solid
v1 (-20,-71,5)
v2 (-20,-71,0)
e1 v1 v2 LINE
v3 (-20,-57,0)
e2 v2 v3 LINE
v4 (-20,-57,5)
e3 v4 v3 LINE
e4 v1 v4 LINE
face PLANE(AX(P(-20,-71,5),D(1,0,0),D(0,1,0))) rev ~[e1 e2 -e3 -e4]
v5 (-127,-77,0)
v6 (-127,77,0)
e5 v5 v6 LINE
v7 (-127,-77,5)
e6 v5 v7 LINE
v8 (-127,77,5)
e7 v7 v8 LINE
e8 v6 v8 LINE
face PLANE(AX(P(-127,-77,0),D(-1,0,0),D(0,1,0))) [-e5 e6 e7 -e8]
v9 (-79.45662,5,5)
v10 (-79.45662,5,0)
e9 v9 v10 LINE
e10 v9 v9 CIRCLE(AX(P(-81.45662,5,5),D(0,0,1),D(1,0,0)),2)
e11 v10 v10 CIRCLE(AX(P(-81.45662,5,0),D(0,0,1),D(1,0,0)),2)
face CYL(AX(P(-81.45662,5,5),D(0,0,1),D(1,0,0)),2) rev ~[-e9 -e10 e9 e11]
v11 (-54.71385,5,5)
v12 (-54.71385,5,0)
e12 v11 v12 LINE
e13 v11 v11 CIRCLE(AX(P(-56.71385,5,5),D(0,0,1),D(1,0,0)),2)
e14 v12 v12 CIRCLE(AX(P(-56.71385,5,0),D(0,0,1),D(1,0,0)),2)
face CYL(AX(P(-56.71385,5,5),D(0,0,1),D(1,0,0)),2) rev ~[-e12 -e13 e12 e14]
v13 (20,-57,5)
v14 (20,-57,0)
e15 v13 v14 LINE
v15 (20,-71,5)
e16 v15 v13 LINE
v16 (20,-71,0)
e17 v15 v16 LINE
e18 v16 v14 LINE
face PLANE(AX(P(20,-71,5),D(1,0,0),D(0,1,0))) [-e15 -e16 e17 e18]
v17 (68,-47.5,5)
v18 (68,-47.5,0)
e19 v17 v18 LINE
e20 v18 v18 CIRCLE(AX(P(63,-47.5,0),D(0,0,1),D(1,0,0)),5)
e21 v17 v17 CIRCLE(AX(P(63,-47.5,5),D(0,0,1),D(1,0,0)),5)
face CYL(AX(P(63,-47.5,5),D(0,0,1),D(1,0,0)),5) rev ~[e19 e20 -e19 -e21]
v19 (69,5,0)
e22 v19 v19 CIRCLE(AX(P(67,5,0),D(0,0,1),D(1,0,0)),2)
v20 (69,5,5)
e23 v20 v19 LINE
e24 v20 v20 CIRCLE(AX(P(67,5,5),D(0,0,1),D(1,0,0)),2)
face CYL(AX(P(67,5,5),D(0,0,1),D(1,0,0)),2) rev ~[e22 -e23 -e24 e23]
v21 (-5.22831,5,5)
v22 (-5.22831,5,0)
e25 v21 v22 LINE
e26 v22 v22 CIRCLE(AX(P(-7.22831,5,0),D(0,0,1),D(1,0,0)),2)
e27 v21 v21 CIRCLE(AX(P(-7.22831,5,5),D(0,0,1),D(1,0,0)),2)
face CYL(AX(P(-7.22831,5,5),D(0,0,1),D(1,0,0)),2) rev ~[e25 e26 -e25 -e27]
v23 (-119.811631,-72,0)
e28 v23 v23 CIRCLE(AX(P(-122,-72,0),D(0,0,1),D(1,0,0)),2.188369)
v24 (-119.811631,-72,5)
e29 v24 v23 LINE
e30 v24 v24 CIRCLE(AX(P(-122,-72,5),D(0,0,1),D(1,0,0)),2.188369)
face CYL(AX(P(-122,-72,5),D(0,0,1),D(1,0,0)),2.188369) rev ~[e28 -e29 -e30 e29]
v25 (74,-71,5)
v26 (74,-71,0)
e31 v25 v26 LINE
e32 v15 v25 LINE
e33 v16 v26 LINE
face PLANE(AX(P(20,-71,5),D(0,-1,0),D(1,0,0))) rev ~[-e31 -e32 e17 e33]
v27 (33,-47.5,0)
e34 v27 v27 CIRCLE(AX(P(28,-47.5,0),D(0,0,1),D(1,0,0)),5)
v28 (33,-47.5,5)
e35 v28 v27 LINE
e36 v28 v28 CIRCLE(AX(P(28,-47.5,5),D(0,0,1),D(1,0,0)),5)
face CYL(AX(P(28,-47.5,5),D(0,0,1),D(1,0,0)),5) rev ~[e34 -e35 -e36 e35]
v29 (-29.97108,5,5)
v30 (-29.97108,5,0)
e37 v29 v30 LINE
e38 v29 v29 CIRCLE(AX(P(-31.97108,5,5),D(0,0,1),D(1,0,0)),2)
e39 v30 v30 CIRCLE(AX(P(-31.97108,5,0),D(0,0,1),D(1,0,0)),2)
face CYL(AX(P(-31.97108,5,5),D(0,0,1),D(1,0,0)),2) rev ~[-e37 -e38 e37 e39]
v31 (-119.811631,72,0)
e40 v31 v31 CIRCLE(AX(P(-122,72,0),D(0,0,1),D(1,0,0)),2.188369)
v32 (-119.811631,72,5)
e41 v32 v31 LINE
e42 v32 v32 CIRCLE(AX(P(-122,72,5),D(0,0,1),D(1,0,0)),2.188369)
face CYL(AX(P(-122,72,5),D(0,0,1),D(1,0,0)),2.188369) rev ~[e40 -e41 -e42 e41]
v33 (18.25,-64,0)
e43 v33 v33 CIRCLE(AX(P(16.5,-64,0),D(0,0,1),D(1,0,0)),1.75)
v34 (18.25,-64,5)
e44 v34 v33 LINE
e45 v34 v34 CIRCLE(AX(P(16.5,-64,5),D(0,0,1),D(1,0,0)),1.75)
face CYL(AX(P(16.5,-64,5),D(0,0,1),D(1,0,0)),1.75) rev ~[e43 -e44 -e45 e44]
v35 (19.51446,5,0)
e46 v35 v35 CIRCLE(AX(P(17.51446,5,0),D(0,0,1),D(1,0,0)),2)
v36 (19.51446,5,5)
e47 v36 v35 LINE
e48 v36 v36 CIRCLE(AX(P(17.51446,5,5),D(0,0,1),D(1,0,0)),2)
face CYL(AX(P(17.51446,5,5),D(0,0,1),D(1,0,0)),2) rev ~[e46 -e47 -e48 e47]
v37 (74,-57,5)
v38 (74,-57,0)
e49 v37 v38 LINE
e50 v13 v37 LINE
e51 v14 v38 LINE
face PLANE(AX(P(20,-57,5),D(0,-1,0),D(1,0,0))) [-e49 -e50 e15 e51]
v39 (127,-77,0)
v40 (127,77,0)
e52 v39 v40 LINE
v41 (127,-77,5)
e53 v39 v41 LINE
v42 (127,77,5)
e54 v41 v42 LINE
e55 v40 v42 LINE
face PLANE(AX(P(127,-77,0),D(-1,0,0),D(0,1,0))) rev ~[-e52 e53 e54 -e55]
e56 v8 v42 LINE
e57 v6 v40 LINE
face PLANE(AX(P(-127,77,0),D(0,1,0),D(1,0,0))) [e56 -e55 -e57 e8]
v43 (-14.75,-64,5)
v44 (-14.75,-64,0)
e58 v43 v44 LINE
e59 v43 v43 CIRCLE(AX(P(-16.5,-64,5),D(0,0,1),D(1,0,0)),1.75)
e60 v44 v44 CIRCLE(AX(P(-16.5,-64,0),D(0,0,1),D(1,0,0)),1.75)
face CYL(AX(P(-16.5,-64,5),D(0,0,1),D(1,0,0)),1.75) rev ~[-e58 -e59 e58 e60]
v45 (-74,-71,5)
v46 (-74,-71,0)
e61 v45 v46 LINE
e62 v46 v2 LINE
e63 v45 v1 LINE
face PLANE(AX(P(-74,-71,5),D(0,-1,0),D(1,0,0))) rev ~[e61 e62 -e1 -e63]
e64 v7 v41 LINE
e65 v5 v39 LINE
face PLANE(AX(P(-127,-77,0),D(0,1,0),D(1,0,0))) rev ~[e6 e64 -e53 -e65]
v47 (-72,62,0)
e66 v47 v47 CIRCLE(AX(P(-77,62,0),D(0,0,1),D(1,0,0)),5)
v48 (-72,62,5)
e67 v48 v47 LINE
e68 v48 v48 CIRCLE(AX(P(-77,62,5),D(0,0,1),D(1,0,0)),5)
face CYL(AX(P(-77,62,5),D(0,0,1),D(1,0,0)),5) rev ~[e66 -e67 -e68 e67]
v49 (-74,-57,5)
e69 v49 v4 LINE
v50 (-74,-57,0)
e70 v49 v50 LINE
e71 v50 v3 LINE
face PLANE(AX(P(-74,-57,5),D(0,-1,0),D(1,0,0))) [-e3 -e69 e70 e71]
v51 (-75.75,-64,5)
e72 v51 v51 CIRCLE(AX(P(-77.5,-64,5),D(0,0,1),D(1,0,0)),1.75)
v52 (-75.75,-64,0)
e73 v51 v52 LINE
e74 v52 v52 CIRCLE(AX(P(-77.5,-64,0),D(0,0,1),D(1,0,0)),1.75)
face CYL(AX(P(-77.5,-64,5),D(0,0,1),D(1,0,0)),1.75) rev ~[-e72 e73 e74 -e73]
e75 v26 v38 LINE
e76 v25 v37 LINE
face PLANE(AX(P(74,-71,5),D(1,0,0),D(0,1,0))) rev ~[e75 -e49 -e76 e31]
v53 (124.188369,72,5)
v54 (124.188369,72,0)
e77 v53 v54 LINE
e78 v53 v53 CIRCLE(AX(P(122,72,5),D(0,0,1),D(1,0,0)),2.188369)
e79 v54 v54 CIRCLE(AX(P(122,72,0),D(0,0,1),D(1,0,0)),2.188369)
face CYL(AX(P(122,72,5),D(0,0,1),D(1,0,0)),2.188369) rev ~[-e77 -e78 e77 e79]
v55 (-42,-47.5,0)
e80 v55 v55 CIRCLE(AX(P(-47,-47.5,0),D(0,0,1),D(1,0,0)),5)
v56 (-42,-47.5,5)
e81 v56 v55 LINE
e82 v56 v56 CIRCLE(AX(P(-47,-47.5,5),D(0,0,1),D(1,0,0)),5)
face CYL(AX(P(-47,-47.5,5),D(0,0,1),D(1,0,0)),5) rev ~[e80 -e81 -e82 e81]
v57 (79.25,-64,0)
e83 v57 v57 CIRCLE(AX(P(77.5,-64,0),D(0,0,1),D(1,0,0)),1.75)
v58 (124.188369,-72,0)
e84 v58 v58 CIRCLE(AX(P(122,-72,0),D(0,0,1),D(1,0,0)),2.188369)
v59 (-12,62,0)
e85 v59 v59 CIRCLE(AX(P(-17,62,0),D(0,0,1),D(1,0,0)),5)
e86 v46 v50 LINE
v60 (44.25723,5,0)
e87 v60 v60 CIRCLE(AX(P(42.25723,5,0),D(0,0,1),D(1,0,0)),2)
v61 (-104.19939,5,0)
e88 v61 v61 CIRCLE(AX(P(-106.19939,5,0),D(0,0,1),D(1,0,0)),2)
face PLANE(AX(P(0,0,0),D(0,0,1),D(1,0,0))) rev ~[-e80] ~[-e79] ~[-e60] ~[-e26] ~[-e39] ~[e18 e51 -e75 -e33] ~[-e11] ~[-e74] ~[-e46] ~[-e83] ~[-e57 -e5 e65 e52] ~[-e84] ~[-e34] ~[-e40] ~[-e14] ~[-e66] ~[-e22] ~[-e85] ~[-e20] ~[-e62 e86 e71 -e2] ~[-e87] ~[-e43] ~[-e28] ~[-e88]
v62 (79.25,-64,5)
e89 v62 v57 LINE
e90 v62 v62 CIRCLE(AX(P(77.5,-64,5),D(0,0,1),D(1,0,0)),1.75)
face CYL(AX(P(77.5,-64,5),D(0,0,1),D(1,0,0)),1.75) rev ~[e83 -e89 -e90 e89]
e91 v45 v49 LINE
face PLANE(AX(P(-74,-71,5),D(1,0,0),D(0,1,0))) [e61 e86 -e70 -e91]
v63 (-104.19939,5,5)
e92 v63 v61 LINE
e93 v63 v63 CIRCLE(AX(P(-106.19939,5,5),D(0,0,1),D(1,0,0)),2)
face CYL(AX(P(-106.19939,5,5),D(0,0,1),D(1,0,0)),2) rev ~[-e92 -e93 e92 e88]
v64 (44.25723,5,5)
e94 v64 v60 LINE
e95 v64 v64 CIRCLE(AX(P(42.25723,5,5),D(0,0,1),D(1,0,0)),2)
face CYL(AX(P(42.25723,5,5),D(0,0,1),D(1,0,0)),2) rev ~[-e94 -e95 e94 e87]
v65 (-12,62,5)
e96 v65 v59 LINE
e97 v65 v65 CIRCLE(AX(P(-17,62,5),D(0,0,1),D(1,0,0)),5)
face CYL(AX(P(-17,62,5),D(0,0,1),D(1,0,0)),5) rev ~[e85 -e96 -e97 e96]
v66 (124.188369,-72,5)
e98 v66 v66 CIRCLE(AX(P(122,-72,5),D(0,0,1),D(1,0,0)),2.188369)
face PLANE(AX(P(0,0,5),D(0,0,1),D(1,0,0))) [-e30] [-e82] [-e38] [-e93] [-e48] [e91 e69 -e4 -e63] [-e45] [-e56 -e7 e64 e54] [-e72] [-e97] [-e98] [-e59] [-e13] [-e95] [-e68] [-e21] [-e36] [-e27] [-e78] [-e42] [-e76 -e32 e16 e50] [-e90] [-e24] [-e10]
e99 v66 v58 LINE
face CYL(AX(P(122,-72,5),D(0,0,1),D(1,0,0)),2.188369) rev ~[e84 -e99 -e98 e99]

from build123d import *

# Parameters (mm, degrees)
F0_W     = 254
F0_H     = 154
F1_DEPTH = 5
F2_R     = 2.188369
F2_R_2   = 5
F2_W     = 54
F2_H     = 14
F2_R_3   = 1.75
F2_R_4   = 2
F3_DEPTH = 5.001


with BuildPart() as f1:
    # F0 (on Top) → F1 (new body)
    with BuildSketch(Plane.XY):
        Rectangle(F0_W, F0_H)
    extrude(amount=F1_DEPTH)

    # F2 (on face) → F3 (cut, through all)
    with BuildSketch(Plane.XY.offset(5)):
        with Locations((-122, 72)):
            Circle(F2_R)
        with Locations((122, 72)):
            Circle(F2_R)
        with Locations((-122, -72)):
            Circle(F2_R)
        with Locations((122, -72)):
            Circle(F2_R)
        with Locations((-77, 62)):
            Circle(F2_R_2)
        with Locations((-17, 62)):
            Circle(F2_R_2)
        with Locations((-47, -47.5)):
            Circle(F2_R_2)
        with Locations((28, -47.5)):
            Circle(F2_R_2)
        with Locations((63, -47.5)):
            Circle(F2_R_2)
        with Locations((-47, -64)):
            Rectangle(F2_W, F2_H)
        with Locations((-77.5, -64)):
            Circle(F2_R_3)
        with Locations((67, 5)):
            Circle(F2_R_4)
        with Locations((42.25723, 5)):
            Circle(F2_R_4)
        with Locations((17.51446, 5)):
            Circle(F2_R_4)
        with Locations((-7.22831, 5)):
            Circle(F2_R_4)
        with Locations((-31.97108, 5)):
            Circle(F2_R_4)
        with Locations((-56.71385, 5)):
            Circle(F2_R_4)
        with Locations((-81.45662, 5)):
            Circle(F2_R_4)
        with Locations((-106.19939, 5)):
            Circle(F2_R_4)
        with Locations((-16.5, -64)):
            Circle(F2_R_3)
        with Locations((16.5, -64)):
            Circle(F2_R_3)
        with Locations((77.5, -64)):
            Circle(F2_R_3)
        with Locations((47, -64)):
            Rectangle(F2_W, F2_H)
    extrude(amount=-F3_DEPTH, mode=Mode.SUBTRACT)


solid = f1.part
